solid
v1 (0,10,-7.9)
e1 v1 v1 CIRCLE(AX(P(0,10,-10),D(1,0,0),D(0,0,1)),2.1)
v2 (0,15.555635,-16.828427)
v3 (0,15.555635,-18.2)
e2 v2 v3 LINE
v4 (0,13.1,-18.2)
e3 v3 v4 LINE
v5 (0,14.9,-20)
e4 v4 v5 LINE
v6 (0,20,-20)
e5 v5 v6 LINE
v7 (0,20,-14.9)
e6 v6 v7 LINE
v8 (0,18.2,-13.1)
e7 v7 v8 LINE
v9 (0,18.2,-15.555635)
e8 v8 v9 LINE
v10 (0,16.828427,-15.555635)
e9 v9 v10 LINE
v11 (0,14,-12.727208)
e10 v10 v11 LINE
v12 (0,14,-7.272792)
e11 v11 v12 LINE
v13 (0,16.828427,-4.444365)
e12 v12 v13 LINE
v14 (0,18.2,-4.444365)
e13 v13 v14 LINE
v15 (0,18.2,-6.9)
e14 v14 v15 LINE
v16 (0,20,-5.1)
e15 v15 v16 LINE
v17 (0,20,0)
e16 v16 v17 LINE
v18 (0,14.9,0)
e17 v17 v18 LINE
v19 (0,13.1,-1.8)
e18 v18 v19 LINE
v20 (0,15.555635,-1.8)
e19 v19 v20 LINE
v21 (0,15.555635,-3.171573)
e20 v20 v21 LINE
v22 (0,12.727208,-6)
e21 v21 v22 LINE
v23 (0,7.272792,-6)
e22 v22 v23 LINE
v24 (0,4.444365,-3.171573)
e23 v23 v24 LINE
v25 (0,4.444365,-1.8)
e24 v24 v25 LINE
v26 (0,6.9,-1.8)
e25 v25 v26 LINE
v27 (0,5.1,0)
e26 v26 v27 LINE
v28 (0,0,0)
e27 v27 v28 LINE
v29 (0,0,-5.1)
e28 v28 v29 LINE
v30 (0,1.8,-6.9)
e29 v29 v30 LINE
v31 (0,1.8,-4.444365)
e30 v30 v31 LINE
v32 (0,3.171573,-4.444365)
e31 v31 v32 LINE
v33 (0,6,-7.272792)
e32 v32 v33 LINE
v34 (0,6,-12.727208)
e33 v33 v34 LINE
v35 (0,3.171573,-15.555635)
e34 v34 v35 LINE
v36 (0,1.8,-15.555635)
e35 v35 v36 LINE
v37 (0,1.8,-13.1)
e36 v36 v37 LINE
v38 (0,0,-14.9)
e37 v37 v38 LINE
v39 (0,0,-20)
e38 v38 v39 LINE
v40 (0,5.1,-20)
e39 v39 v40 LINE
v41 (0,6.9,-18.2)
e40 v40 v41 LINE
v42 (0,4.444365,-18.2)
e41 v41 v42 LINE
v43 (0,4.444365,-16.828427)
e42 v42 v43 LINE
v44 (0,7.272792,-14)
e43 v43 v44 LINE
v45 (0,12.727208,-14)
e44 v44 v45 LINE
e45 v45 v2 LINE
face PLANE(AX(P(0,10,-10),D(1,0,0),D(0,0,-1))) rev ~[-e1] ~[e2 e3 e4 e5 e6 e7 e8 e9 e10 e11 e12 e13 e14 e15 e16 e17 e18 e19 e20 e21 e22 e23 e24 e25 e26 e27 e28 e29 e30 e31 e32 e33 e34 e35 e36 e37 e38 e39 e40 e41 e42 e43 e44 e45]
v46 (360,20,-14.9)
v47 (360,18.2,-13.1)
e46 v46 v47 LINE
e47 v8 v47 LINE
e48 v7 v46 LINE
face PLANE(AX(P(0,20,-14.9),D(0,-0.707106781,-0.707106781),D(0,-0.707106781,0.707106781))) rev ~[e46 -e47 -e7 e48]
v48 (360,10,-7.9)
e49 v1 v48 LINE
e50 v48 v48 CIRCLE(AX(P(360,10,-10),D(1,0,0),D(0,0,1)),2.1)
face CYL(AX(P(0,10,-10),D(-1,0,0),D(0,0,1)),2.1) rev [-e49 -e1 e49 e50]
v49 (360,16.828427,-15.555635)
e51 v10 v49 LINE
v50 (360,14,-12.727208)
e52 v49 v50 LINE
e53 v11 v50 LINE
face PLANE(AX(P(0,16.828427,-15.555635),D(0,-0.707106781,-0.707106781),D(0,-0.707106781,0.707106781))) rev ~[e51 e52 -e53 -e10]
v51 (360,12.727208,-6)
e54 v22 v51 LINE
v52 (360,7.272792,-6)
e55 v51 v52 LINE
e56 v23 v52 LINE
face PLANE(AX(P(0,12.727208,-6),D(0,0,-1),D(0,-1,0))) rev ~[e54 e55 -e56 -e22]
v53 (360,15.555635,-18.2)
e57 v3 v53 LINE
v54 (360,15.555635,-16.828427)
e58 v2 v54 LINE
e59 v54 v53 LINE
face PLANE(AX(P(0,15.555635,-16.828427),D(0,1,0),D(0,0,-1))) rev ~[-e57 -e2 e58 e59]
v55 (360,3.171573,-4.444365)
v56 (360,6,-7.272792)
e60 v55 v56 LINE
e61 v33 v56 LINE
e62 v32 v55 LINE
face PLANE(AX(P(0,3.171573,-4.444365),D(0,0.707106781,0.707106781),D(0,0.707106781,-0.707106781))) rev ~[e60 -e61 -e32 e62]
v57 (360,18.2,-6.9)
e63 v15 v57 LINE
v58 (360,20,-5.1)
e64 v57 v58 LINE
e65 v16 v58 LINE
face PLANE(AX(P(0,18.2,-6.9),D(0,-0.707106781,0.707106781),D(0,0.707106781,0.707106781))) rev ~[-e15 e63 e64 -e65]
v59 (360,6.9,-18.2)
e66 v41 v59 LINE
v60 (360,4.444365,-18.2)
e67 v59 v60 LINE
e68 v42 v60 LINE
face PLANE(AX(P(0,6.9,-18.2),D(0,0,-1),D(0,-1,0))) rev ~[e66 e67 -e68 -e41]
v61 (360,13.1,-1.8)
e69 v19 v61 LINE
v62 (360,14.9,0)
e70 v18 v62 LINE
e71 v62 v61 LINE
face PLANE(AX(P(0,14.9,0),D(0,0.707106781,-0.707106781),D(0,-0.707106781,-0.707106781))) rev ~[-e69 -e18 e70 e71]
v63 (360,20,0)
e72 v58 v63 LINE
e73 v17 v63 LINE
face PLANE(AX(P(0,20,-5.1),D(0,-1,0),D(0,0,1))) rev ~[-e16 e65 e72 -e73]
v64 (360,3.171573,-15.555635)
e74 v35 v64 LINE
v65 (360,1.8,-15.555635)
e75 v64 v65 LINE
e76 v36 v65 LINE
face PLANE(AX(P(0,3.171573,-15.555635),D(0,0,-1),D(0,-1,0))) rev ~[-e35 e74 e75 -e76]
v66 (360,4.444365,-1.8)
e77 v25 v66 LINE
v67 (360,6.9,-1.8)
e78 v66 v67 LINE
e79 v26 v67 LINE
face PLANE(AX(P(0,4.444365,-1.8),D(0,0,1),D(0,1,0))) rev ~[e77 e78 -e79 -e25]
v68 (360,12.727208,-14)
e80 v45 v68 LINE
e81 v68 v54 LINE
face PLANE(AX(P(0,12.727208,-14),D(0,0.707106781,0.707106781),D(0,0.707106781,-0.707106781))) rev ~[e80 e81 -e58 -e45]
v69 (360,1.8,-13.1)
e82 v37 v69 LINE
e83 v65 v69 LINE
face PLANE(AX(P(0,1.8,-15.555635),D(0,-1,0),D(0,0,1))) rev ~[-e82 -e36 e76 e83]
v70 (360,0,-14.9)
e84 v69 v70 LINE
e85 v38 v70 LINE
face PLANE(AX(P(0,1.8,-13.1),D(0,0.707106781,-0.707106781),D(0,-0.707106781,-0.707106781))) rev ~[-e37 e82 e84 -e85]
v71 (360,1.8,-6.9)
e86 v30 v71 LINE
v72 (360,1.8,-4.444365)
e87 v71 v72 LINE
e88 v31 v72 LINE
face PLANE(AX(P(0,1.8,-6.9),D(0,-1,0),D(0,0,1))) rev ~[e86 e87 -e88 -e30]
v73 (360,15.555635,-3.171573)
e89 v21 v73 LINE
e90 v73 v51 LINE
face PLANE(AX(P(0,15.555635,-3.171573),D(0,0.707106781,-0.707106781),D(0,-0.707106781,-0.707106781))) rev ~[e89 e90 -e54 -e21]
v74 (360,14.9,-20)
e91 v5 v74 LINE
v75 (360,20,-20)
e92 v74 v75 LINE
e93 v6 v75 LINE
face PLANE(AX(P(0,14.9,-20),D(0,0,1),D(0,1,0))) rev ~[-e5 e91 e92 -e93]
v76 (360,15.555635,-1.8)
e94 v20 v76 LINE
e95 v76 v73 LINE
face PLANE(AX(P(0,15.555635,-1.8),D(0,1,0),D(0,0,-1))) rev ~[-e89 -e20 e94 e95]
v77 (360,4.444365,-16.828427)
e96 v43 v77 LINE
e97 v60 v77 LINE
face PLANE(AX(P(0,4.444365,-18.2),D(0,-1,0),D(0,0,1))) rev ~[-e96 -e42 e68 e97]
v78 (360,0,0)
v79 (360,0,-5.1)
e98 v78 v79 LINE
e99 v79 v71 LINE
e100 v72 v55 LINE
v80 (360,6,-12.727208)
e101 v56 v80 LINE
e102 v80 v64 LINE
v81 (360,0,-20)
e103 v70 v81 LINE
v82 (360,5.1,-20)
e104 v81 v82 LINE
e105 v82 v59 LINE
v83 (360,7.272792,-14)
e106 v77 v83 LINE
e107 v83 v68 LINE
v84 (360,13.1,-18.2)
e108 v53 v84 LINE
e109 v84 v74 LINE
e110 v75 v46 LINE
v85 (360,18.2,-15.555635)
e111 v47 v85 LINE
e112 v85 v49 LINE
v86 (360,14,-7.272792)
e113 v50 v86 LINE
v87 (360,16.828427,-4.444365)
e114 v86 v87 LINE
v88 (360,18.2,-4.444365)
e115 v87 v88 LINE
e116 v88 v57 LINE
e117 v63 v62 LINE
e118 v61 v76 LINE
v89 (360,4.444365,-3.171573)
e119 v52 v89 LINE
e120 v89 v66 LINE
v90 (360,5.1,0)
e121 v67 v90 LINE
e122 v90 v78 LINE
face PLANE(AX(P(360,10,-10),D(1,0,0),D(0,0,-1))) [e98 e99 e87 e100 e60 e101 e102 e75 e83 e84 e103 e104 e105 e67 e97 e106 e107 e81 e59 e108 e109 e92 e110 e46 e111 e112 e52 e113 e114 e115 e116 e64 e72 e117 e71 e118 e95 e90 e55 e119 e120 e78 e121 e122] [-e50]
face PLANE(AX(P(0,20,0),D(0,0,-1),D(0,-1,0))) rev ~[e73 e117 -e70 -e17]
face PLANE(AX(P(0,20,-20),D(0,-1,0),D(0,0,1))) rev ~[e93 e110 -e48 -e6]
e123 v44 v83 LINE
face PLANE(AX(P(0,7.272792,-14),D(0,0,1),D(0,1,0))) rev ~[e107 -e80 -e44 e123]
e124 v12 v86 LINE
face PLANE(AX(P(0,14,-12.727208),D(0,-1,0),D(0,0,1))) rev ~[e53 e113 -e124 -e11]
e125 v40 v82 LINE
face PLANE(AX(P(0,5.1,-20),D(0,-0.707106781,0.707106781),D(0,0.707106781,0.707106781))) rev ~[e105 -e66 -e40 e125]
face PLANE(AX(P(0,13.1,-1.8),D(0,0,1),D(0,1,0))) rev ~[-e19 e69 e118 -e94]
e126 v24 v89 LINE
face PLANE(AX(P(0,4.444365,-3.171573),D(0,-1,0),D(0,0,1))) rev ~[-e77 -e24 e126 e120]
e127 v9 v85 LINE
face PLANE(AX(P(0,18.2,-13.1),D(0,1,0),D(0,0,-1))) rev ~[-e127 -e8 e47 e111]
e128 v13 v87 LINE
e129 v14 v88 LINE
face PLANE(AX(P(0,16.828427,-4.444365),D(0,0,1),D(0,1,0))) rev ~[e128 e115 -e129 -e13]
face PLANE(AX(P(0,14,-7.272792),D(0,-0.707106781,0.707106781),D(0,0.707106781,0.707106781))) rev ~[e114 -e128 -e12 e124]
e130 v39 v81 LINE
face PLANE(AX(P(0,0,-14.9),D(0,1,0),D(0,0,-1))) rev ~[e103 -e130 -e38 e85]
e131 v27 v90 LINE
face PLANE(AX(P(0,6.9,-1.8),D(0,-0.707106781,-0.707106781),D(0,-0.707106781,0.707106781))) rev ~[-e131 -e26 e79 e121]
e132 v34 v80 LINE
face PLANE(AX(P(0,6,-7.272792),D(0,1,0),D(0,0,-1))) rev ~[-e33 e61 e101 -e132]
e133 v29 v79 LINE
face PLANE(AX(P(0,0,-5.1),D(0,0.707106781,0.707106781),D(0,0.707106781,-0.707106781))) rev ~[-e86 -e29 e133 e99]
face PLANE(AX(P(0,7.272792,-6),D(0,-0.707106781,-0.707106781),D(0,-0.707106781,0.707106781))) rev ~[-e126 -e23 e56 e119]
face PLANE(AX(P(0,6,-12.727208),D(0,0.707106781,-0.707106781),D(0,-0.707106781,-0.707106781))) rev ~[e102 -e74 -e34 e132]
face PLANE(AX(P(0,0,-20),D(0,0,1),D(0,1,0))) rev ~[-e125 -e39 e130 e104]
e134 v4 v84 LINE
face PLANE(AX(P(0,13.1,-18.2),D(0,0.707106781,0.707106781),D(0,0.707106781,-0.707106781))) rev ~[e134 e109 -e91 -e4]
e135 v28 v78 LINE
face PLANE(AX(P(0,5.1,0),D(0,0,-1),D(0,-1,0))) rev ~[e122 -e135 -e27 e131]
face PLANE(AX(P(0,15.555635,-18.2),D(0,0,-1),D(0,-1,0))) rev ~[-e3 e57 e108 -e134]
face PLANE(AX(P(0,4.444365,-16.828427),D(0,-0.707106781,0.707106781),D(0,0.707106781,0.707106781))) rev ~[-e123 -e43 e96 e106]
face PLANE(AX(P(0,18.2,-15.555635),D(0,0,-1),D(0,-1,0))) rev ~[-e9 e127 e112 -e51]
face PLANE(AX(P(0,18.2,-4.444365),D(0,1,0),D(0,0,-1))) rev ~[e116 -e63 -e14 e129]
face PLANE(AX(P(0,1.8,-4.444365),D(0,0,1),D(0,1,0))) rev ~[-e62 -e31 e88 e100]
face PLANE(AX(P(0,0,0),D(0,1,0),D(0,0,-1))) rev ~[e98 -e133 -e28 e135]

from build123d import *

# Parameters (mm, degrees)
SKETCH1_R           = 2.1
BOSS_EXTRUDE1_DEPTH = 360


with BuildPart() as part:
    # Sketch1 → Boss-Extrude1 (new body)
    with BuildSketch(Plane(origin=(0, 0, 0), x_dir=(0, 0, -1), z_dir=(1, 0, 0))):
        Polygon((6, 12.727207794), (6, 7.272792206), (3.171572875, 4.444365081), (1.8, 4.444365081), (1.8, 6.9), (0, 5.1), (0, 0), (5.1, 0), (6.9, 1.8), (4.444365081, 1.8), (4.444365081, 3.171572875), (7.272792206, 6), (12.727207794, 6), (15.555634919, 3.171572875), (15.555634919, 1.8), (13.1, 1.8), (14.9, 0), (20, 0), (20, 5.1), (18.2, 6.9), (18.2, 4.444365081), (16.828427125, 4.444365081), (14, 7.272792206), (14, 12.727207794), (16.828427125, 15.555634919), (18.2, 15.555634919), (18.2, 13.1), (20, 14.9), (20, 20), (14.9, 20), (13.1, 18.2), (15.555634919, 18.2), (15.555634919, 16.828427125), (12.727207794, 14), (7.272792206, 14), (4.444365081, 16.828427125), (4.444365081, 18.2), (6.9, 18.2), (5.1, 20), (0, 20), (0, 14.9), (1.8, 13.1), (1.8, 15.555634919), (3.171572875, 15.555634919), align=None)
        with Locations(Location((10, 10, 0), (0, 0, 180))):
            Circle(SKETCH1_R, mode=Mode.SUBTRACT)
    extrude(amount=BOSS_EXTRUDE1_DEPTH)


solid = part.part
